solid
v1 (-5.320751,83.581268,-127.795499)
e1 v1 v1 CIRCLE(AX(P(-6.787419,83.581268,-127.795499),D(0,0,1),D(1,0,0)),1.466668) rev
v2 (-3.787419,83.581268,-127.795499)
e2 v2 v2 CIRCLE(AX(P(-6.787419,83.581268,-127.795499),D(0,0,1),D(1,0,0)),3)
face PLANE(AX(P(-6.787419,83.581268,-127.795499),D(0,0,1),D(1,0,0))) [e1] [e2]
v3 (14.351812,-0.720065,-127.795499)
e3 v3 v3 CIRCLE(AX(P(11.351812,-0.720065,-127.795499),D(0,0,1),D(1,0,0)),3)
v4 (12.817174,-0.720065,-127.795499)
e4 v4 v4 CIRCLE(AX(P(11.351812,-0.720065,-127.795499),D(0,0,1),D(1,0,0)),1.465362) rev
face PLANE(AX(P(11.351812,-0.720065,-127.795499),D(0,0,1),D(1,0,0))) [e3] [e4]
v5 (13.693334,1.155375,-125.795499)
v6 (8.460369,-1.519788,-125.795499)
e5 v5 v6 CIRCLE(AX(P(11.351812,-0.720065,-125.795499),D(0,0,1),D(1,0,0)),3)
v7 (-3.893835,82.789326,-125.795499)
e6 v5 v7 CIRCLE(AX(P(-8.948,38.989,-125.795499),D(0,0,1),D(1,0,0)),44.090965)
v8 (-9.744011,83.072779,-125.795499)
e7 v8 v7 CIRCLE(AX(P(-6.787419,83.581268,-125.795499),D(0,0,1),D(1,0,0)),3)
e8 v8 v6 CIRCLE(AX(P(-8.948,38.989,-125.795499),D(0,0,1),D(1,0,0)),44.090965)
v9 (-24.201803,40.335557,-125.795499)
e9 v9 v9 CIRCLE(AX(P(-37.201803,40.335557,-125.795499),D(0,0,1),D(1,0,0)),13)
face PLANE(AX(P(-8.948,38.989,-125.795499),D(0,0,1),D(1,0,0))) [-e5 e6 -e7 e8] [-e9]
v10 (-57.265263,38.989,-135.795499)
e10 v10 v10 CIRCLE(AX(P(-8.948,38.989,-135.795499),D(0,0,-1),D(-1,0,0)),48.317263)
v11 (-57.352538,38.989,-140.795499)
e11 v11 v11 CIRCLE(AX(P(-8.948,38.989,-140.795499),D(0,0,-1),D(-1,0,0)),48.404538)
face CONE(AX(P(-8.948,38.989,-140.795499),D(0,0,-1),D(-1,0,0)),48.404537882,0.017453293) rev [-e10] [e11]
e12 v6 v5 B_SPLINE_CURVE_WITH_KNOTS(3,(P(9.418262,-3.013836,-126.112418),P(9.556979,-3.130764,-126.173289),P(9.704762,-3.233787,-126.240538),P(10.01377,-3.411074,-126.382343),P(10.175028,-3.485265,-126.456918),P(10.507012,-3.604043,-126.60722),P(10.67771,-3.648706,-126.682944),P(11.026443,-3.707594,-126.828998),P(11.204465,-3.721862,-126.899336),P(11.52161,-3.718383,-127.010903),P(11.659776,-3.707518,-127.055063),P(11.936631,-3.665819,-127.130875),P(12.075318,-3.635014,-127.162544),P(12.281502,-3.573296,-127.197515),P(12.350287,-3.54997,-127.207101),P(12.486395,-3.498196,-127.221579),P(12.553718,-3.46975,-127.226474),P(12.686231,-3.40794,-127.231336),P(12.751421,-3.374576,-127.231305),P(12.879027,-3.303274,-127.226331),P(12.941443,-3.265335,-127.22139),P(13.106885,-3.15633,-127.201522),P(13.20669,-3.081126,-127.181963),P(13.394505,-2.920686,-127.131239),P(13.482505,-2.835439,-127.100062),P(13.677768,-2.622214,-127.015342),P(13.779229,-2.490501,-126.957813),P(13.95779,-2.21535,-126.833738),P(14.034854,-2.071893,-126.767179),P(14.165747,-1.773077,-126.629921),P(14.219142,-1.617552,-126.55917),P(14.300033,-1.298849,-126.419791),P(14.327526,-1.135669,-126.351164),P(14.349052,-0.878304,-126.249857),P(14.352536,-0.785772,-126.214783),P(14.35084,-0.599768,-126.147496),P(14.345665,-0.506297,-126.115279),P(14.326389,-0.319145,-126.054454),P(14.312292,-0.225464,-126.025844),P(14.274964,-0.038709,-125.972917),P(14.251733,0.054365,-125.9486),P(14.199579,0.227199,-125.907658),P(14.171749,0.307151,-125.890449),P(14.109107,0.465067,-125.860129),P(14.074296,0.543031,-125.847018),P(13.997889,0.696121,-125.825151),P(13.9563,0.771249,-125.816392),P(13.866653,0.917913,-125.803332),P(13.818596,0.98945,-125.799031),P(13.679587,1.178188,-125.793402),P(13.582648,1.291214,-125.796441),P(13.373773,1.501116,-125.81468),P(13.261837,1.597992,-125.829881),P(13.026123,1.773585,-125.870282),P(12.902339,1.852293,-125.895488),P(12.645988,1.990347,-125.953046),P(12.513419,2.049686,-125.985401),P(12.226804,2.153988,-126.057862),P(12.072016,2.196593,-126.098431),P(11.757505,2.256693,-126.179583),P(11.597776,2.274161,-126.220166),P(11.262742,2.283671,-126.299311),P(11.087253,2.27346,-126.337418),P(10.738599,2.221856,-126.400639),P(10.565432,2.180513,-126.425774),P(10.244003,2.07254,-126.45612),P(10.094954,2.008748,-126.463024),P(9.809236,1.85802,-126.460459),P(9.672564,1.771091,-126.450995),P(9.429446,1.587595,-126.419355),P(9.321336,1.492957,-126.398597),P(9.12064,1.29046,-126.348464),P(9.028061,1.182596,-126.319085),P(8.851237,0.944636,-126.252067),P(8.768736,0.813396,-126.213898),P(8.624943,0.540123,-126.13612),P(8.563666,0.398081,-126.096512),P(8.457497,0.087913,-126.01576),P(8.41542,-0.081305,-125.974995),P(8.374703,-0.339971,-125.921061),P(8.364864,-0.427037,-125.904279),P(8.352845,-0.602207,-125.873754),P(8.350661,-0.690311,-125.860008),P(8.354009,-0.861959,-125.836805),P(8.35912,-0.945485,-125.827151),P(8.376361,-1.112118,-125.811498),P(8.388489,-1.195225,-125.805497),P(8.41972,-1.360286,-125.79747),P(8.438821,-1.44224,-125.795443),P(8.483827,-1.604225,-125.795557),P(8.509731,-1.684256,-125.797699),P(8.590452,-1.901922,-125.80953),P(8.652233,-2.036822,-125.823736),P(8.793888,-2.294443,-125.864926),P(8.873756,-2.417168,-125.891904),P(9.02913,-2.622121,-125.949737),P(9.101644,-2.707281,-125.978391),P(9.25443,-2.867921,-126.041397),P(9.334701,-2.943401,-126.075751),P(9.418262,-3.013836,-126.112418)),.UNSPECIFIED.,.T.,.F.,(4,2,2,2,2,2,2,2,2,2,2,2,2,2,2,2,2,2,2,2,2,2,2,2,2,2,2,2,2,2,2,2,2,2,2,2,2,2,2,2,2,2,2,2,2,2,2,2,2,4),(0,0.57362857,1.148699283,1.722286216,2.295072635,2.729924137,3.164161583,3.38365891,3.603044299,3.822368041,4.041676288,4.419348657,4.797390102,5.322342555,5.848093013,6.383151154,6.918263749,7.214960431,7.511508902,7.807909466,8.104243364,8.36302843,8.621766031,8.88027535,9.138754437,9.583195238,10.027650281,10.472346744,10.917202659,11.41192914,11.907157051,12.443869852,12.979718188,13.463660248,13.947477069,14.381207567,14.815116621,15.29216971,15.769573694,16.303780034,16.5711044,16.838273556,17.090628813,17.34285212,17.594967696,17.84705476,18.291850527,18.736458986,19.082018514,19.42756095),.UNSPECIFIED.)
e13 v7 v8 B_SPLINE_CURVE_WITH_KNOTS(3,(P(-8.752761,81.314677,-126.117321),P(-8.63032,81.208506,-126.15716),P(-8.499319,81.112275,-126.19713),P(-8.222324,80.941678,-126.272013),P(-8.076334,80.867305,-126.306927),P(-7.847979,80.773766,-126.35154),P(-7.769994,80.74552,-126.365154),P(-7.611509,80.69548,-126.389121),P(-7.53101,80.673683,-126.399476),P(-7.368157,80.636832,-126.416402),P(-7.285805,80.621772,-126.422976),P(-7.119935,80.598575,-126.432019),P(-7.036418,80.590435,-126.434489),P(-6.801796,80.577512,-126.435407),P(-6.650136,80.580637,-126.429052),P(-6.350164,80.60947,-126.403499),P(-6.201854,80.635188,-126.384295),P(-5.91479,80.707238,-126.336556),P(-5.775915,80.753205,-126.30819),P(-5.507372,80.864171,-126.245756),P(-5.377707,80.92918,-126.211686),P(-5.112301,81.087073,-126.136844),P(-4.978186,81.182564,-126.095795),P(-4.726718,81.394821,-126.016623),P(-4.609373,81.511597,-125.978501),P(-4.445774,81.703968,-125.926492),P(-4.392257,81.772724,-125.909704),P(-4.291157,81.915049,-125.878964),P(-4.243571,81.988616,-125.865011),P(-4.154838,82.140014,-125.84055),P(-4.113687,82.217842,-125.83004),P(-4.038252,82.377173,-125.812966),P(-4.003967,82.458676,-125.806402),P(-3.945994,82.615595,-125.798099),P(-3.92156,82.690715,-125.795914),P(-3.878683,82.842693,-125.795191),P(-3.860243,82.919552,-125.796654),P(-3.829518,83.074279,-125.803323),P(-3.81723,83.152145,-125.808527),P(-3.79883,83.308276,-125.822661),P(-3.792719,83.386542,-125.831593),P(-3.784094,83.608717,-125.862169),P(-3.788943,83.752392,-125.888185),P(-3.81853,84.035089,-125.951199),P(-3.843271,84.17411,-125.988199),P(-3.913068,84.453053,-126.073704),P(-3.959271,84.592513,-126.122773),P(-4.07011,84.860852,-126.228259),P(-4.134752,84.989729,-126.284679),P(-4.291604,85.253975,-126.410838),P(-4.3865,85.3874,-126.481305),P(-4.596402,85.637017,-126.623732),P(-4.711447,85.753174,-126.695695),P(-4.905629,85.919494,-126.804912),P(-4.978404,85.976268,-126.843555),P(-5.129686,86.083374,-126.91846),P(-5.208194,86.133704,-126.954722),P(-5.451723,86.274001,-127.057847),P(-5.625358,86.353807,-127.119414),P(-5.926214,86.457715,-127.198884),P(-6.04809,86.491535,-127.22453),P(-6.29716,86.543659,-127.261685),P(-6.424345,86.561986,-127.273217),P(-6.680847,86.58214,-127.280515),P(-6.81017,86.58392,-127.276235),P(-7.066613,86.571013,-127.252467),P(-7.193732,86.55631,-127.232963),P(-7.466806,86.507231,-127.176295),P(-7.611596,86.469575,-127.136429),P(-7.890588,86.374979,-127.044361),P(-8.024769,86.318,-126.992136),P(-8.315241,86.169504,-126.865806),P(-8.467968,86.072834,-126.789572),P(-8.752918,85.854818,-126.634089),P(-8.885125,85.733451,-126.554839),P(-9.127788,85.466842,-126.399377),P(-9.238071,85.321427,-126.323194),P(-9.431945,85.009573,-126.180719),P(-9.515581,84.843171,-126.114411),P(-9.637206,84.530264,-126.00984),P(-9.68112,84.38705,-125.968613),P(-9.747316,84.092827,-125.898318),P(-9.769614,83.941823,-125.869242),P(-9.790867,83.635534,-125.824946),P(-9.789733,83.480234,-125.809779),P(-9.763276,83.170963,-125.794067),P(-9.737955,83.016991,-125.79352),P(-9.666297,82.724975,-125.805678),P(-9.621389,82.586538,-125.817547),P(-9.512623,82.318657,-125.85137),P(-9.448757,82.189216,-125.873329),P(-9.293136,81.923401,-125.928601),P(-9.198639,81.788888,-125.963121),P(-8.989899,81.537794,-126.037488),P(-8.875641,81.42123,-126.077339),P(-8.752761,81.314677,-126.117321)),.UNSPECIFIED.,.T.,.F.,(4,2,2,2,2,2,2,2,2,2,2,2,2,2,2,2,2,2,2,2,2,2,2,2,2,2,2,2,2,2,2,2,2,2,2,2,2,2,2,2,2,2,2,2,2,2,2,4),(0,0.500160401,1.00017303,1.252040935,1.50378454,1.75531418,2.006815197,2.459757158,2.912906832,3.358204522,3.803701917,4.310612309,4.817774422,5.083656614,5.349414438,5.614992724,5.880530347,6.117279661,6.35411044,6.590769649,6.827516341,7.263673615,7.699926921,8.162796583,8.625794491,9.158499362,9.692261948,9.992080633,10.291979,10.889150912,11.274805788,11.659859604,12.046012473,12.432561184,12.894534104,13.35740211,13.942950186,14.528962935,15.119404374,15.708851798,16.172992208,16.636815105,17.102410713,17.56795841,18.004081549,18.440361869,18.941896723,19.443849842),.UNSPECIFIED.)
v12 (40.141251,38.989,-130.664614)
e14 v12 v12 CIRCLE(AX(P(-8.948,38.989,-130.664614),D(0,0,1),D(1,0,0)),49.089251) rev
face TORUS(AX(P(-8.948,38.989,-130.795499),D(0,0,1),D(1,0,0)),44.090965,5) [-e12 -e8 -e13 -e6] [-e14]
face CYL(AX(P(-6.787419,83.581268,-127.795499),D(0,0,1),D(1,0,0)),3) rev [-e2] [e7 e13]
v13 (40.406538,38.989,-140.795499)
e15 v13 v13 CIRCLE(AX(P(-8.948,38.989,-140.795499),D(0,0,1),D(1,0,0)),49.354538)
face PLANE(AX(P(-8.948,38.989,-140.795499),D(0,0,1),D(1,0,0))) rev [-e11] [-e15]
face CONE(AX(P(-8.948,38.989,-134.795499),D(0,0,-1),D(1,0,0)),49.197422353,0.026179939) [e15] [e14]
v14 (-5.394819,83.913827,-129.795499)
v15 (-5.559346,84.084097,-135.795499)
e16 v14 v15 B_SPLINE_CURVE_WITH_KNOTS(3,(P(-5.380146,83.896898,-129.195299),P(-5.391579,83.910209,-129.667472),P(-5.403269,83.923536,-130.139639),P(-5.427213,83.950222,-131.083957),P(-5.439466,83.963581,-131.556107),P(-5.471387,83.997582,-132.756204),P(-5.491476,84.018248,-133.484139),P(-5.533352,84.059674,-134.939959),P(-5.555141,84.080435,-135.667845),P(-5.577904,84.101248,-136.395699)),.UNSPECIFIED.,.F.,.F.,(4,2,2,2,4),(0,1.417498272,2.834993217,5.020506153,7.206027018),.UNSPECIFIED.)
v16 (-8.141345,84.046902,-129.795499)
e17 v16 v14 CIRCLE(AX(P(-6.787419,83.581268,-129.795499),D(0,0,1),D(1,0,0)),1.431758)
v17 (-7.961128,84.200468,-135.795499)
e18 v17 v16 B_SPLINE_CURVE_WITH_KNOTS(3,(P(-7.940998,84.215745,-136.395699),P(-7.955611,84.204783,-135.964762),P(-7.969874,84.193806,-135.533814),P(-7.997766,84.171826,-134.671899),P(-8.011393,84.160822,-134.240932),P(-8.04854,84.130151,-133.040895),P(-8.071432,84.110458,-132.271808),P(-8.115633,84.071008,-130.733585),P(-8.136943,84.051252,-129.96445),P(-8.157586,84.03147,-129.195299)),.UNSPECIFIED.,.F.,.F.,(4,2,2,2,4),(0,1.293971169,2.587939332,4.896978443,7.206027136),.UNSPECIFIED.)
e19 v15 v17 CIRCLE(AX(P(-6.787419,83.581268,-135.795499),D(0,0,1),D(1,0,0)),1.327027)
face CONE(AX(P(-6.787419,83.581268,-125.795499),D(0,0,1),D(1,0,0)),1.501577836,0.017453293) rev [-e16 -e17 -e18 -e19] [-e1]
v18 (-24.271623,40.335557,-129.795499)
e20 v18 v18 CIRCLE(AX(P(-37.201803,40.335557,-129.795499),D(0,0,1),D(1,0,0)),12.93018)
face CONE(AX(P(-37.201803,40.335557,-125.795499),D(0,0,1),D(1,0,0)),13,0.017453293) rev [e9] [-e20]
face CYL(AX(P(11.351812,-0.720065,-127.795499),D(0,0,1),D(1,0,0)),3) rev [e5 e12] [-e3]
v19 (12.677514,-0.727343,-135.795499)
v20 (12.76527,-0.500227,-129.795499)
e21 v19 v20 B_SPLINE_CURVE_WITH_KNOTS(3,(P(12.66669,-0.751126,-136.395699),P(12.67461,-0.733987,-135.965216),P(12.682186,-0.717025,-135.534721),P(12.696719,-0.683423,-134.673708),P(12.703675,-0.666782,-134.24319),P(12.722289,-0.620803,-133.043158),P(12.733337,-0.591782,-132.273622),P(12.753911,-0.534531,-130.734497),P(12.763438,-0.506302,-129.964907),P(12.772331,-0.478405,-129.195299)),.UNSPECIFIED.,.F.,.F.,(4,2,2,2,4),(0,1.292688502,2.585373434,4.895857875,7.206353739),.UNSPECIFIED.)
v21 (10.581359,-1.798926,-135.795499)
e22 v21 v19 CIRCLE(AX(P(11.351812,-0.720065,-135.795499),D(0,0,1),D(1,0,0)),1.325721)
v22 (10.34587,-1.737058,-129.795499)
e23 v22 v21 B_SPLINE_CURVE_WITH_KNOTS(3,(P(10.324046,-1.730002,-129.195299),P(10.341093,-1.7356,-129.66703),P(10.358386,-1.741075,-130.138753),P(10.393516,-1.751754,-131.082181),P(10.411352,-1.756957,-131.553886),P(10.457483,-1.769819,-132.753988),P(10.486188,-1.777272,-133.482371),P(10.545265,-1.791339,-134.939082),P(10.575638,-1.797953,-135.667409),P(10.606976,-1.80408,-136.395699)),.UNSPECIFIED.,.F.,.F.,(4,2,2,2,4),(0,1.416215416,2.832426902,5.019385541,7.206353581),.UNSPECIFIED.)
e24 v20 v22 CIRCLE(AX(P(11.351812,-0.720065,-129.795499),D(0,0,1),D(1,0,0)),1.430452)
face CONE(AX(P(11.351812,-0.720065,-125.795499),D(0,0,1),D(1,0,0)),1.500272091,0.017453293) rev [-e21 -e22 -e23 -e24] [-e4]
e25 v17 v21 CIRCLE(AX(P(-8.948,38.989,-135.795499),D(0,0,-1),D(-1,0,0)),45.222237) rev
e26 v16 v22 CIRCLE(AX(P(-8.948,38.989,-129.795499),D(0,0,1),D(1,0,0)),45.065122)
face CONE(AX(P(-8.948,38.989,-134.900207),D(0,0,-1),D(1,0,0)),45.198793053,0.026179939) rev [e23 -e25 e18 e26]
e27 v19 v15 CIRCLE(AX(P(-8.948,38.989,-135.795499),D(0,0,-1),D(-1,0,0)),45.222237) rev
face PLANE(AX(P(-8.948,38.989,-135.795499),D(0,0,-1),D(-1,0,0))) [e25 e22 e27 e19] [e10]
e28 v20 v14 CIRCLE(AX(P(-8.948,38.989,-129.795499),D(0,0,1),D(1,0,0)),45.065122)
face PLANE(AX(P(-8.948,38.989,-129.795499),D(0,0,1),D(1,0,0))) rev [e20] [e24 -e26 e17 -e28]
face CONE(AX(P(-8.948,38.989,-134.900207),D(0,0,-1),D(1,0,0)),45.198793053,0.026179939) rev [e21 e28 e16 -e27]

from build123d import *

# Parameters (mm, degrees)
SKETCH2_R                     = 49.197422353
BOSS_EXTRUDE1_DEPTH           = 9
BOSS_EXTRUDE1_TAPER           = 1.5
BOSS_EXTRUDE1_OTHER_WAY_DEPTH = 6
BOSS_EXTRUDE1_OTHER_WAY_TAPER = -1.5
SHELL1_T                      = -4
FILLET1_R                     = 5
SKETCH6_R                     = 13
WIREHOLES_DEPTH               = 10
WIREHOLES_DRAFT               = -1
SKETCH7_R                     = 48.404537882
INSIDELAYER_DEPTH             = 5
INSIDELAYER_DRAFT             = -1
SKETCH8_R                     = 1.500272091
NAIL_DEPTH                    = 10
NAIL_DRAFT                    = -1
SKETCH8_R_2                   = 1.501577836
NAIL_PROFILE_2_DEPTH          = 10
NAIL_PROFILE_2_DRAFT          = -1
SKETCH9_R                     = 3
NAILHEAD_DEPTH                = 2


with BuildPart() as part:
    # Sketch2 → Boss-Extrude1 (new body)
    with BuildSketch(Plane.XY.offset(-134.795498858)):
        with Locations((-8.948, 38.989)):
            Circle(SKETCH2_R)
    extrude(amount=BOSS_EXTRUDE1_DEPTH, taper=BOSS_EXTRUDE1_TAPER)

    # Sketch2 → Boss-Extrude1 other way (add)
    with BuildSketch(Plane.XY.offset(-134.795498858)):
        with Locations((-8.948, 38.989)):
            Circle(SKETCH2_R)
    extrude(amount=-BOSS_EXTRUDE1_OTHER_WAY_DEPTH, taper=BOSS_EXTRUDE1_OTHER_WAY_TAPER)

    # Shell1
    shell1_openings = [part.faces().sort_by_distance(p)[0] for p in [
        (-8.948, 38.989, -140.795498858),
    ]]
    offset(amount=SHELL1_T, openings=shell1_openings, kind=Kind.INTERSECTION)

    # Fillet1
    fillet1_edges = [part.edges().sort_by_distance(p)[0] for p in [
        (-57.909749059, 38.989, -125.795498858),
    ]]
    fillet(fillet1_edges, radius=FILLET1_R)


with BuildPart() as wireholes_tool:
    # Sketch6 → wireHoles (with draft: the straight prism first)
    with BuildSketch(Plane.XY.offset(-125.795498858)):
        with Locations((-37.201803, 40.335557149)):
            Circle(SKETCH6_R)
    extrude(amount=-WIREHOLES_DEPTH)
    # wireHoles: the draft: its side faces are tilted about the plane it starts from
    wireholes_sides = [wireholes_tool.faces().sort_by_distance(p)[0] for p in [
        (-50.201803, 40.335557149, -130.795498858),
    ]]
    draft(wireholes_sides, Plane.XY.offset(-125.795498858), WIREHOLES_DRAFT)


with BuildPart() as part_1:
    add(part.part)

    # wireHoles: cut by wireholes_tool
    add(wireholes_tool.part, mode=Mode.SUBTRACT)


with BuildPart() as insidelayer_tool:
    # Sketch7 → insideLayer (with draft: the straight prism first)
    with BuildSketch(Plane(origin=(0, 0, -140.795498858), x_dir=(-1, 0, 0), z_dir=(0, 0, -1))):
        with Locations((8.948, 38.989)):
            Circle(SKETCH7_R)
    extrude(amount=-INSIDELAYER_DEPTH)
    # insideLayer: the draft: its side faces are tilted about the plane it starts from
    insidelayer_sides = [insidelayer_tool.faces().sort_by_distance(p)[0] for p in [
        (39.456537882, 38.989, -138.295498858),
    ]]
    draft(insidelayer_sides, Plane(origin=(0, 0, -140.795498858), x_dir=(-1, 0, 0), z_dir=(0, 0, -1)), INSIDELAYER_DRAFT)


with BuildPart() as part_2:
    add(part_1.part)

    # insideLayer: cut by insidelayer_tool
    add(insidelayer_tool.part, mode=Mode.SUBTRACT)


with BuildPart() as nail_tool:
    # Sketch8 → nail (with draft: the straight prism first)
    with BuildSketch(Plane.XY.offset(-125.795498858)):
        with Locations((11.351812063, -0.720065293)):
            Circle(SKETCH8_R)
    extrude(amount=-NAIL_DEPTH)
    # nail: the draft: its side faces are tilted about the plane it starts from
    nail_sides = [nail_tool.faces().sort_by_distance(p)[0] for p in [
        (9.851539971, -0.720065293, -130.795498858),
    ]]
    draft(nail_sides, Plane.XY.offset(-125.795498858), NAIL_DRAFT)


with BuildPart() as part_3:
    add(part_2.part)

    # nail: cut by nail_tool
    add(nail_tool.part, mode=Mode.SUBTRACT)


with BuildPart() as nail_profile_2_tool:
    # Sketch8 → nail profile 2 (with draft: the straight prism first)
    with BuildSketch(Plane.XY.offset(-125.795498858)):
        with Locations((-6.787419008, 83.581267699)):
            Circle(SKETCH8_R_2)
    extrude(amount=-NAIL_PROFILE_2_DEPTH)
    # nail profile 2: the draft: its side faces are tilted about the plane it starts from
    nail_profile_2_sides = [nail_profile_2_tool.faces().sort_by_distance(p)[0] for p in [
        (-8.288996843, 83.581267699, -130.795498858),
    ]]
    draft(nail_profile_2_sides, Plane.XY.offset(-125.795498858), NAIL_PROFILE_2_DRAFT)


with BuildPart() as part_4:
    add(part_3.part)

    # nail profile 2: cut by nail_profile_2_tool
    add(nail_profile_2_tool.part, mode=Mode.SUBTRACT)

    # Sketch9 → nailHead (cut)
    with BuildSketch(Plane.XY.offset(-125.795498858)):
        with Locations((-6.787419008, 83.581267699)):
            Circle(SKETCH9_R)
        with Locations((11.351812063, -0.720065293)):
            Circle(SKETCH9_R)
    extrude(amount=-NAILHEAD_DEPTH, mode=Mode.SUBTRACT)


solid = part_4.part
